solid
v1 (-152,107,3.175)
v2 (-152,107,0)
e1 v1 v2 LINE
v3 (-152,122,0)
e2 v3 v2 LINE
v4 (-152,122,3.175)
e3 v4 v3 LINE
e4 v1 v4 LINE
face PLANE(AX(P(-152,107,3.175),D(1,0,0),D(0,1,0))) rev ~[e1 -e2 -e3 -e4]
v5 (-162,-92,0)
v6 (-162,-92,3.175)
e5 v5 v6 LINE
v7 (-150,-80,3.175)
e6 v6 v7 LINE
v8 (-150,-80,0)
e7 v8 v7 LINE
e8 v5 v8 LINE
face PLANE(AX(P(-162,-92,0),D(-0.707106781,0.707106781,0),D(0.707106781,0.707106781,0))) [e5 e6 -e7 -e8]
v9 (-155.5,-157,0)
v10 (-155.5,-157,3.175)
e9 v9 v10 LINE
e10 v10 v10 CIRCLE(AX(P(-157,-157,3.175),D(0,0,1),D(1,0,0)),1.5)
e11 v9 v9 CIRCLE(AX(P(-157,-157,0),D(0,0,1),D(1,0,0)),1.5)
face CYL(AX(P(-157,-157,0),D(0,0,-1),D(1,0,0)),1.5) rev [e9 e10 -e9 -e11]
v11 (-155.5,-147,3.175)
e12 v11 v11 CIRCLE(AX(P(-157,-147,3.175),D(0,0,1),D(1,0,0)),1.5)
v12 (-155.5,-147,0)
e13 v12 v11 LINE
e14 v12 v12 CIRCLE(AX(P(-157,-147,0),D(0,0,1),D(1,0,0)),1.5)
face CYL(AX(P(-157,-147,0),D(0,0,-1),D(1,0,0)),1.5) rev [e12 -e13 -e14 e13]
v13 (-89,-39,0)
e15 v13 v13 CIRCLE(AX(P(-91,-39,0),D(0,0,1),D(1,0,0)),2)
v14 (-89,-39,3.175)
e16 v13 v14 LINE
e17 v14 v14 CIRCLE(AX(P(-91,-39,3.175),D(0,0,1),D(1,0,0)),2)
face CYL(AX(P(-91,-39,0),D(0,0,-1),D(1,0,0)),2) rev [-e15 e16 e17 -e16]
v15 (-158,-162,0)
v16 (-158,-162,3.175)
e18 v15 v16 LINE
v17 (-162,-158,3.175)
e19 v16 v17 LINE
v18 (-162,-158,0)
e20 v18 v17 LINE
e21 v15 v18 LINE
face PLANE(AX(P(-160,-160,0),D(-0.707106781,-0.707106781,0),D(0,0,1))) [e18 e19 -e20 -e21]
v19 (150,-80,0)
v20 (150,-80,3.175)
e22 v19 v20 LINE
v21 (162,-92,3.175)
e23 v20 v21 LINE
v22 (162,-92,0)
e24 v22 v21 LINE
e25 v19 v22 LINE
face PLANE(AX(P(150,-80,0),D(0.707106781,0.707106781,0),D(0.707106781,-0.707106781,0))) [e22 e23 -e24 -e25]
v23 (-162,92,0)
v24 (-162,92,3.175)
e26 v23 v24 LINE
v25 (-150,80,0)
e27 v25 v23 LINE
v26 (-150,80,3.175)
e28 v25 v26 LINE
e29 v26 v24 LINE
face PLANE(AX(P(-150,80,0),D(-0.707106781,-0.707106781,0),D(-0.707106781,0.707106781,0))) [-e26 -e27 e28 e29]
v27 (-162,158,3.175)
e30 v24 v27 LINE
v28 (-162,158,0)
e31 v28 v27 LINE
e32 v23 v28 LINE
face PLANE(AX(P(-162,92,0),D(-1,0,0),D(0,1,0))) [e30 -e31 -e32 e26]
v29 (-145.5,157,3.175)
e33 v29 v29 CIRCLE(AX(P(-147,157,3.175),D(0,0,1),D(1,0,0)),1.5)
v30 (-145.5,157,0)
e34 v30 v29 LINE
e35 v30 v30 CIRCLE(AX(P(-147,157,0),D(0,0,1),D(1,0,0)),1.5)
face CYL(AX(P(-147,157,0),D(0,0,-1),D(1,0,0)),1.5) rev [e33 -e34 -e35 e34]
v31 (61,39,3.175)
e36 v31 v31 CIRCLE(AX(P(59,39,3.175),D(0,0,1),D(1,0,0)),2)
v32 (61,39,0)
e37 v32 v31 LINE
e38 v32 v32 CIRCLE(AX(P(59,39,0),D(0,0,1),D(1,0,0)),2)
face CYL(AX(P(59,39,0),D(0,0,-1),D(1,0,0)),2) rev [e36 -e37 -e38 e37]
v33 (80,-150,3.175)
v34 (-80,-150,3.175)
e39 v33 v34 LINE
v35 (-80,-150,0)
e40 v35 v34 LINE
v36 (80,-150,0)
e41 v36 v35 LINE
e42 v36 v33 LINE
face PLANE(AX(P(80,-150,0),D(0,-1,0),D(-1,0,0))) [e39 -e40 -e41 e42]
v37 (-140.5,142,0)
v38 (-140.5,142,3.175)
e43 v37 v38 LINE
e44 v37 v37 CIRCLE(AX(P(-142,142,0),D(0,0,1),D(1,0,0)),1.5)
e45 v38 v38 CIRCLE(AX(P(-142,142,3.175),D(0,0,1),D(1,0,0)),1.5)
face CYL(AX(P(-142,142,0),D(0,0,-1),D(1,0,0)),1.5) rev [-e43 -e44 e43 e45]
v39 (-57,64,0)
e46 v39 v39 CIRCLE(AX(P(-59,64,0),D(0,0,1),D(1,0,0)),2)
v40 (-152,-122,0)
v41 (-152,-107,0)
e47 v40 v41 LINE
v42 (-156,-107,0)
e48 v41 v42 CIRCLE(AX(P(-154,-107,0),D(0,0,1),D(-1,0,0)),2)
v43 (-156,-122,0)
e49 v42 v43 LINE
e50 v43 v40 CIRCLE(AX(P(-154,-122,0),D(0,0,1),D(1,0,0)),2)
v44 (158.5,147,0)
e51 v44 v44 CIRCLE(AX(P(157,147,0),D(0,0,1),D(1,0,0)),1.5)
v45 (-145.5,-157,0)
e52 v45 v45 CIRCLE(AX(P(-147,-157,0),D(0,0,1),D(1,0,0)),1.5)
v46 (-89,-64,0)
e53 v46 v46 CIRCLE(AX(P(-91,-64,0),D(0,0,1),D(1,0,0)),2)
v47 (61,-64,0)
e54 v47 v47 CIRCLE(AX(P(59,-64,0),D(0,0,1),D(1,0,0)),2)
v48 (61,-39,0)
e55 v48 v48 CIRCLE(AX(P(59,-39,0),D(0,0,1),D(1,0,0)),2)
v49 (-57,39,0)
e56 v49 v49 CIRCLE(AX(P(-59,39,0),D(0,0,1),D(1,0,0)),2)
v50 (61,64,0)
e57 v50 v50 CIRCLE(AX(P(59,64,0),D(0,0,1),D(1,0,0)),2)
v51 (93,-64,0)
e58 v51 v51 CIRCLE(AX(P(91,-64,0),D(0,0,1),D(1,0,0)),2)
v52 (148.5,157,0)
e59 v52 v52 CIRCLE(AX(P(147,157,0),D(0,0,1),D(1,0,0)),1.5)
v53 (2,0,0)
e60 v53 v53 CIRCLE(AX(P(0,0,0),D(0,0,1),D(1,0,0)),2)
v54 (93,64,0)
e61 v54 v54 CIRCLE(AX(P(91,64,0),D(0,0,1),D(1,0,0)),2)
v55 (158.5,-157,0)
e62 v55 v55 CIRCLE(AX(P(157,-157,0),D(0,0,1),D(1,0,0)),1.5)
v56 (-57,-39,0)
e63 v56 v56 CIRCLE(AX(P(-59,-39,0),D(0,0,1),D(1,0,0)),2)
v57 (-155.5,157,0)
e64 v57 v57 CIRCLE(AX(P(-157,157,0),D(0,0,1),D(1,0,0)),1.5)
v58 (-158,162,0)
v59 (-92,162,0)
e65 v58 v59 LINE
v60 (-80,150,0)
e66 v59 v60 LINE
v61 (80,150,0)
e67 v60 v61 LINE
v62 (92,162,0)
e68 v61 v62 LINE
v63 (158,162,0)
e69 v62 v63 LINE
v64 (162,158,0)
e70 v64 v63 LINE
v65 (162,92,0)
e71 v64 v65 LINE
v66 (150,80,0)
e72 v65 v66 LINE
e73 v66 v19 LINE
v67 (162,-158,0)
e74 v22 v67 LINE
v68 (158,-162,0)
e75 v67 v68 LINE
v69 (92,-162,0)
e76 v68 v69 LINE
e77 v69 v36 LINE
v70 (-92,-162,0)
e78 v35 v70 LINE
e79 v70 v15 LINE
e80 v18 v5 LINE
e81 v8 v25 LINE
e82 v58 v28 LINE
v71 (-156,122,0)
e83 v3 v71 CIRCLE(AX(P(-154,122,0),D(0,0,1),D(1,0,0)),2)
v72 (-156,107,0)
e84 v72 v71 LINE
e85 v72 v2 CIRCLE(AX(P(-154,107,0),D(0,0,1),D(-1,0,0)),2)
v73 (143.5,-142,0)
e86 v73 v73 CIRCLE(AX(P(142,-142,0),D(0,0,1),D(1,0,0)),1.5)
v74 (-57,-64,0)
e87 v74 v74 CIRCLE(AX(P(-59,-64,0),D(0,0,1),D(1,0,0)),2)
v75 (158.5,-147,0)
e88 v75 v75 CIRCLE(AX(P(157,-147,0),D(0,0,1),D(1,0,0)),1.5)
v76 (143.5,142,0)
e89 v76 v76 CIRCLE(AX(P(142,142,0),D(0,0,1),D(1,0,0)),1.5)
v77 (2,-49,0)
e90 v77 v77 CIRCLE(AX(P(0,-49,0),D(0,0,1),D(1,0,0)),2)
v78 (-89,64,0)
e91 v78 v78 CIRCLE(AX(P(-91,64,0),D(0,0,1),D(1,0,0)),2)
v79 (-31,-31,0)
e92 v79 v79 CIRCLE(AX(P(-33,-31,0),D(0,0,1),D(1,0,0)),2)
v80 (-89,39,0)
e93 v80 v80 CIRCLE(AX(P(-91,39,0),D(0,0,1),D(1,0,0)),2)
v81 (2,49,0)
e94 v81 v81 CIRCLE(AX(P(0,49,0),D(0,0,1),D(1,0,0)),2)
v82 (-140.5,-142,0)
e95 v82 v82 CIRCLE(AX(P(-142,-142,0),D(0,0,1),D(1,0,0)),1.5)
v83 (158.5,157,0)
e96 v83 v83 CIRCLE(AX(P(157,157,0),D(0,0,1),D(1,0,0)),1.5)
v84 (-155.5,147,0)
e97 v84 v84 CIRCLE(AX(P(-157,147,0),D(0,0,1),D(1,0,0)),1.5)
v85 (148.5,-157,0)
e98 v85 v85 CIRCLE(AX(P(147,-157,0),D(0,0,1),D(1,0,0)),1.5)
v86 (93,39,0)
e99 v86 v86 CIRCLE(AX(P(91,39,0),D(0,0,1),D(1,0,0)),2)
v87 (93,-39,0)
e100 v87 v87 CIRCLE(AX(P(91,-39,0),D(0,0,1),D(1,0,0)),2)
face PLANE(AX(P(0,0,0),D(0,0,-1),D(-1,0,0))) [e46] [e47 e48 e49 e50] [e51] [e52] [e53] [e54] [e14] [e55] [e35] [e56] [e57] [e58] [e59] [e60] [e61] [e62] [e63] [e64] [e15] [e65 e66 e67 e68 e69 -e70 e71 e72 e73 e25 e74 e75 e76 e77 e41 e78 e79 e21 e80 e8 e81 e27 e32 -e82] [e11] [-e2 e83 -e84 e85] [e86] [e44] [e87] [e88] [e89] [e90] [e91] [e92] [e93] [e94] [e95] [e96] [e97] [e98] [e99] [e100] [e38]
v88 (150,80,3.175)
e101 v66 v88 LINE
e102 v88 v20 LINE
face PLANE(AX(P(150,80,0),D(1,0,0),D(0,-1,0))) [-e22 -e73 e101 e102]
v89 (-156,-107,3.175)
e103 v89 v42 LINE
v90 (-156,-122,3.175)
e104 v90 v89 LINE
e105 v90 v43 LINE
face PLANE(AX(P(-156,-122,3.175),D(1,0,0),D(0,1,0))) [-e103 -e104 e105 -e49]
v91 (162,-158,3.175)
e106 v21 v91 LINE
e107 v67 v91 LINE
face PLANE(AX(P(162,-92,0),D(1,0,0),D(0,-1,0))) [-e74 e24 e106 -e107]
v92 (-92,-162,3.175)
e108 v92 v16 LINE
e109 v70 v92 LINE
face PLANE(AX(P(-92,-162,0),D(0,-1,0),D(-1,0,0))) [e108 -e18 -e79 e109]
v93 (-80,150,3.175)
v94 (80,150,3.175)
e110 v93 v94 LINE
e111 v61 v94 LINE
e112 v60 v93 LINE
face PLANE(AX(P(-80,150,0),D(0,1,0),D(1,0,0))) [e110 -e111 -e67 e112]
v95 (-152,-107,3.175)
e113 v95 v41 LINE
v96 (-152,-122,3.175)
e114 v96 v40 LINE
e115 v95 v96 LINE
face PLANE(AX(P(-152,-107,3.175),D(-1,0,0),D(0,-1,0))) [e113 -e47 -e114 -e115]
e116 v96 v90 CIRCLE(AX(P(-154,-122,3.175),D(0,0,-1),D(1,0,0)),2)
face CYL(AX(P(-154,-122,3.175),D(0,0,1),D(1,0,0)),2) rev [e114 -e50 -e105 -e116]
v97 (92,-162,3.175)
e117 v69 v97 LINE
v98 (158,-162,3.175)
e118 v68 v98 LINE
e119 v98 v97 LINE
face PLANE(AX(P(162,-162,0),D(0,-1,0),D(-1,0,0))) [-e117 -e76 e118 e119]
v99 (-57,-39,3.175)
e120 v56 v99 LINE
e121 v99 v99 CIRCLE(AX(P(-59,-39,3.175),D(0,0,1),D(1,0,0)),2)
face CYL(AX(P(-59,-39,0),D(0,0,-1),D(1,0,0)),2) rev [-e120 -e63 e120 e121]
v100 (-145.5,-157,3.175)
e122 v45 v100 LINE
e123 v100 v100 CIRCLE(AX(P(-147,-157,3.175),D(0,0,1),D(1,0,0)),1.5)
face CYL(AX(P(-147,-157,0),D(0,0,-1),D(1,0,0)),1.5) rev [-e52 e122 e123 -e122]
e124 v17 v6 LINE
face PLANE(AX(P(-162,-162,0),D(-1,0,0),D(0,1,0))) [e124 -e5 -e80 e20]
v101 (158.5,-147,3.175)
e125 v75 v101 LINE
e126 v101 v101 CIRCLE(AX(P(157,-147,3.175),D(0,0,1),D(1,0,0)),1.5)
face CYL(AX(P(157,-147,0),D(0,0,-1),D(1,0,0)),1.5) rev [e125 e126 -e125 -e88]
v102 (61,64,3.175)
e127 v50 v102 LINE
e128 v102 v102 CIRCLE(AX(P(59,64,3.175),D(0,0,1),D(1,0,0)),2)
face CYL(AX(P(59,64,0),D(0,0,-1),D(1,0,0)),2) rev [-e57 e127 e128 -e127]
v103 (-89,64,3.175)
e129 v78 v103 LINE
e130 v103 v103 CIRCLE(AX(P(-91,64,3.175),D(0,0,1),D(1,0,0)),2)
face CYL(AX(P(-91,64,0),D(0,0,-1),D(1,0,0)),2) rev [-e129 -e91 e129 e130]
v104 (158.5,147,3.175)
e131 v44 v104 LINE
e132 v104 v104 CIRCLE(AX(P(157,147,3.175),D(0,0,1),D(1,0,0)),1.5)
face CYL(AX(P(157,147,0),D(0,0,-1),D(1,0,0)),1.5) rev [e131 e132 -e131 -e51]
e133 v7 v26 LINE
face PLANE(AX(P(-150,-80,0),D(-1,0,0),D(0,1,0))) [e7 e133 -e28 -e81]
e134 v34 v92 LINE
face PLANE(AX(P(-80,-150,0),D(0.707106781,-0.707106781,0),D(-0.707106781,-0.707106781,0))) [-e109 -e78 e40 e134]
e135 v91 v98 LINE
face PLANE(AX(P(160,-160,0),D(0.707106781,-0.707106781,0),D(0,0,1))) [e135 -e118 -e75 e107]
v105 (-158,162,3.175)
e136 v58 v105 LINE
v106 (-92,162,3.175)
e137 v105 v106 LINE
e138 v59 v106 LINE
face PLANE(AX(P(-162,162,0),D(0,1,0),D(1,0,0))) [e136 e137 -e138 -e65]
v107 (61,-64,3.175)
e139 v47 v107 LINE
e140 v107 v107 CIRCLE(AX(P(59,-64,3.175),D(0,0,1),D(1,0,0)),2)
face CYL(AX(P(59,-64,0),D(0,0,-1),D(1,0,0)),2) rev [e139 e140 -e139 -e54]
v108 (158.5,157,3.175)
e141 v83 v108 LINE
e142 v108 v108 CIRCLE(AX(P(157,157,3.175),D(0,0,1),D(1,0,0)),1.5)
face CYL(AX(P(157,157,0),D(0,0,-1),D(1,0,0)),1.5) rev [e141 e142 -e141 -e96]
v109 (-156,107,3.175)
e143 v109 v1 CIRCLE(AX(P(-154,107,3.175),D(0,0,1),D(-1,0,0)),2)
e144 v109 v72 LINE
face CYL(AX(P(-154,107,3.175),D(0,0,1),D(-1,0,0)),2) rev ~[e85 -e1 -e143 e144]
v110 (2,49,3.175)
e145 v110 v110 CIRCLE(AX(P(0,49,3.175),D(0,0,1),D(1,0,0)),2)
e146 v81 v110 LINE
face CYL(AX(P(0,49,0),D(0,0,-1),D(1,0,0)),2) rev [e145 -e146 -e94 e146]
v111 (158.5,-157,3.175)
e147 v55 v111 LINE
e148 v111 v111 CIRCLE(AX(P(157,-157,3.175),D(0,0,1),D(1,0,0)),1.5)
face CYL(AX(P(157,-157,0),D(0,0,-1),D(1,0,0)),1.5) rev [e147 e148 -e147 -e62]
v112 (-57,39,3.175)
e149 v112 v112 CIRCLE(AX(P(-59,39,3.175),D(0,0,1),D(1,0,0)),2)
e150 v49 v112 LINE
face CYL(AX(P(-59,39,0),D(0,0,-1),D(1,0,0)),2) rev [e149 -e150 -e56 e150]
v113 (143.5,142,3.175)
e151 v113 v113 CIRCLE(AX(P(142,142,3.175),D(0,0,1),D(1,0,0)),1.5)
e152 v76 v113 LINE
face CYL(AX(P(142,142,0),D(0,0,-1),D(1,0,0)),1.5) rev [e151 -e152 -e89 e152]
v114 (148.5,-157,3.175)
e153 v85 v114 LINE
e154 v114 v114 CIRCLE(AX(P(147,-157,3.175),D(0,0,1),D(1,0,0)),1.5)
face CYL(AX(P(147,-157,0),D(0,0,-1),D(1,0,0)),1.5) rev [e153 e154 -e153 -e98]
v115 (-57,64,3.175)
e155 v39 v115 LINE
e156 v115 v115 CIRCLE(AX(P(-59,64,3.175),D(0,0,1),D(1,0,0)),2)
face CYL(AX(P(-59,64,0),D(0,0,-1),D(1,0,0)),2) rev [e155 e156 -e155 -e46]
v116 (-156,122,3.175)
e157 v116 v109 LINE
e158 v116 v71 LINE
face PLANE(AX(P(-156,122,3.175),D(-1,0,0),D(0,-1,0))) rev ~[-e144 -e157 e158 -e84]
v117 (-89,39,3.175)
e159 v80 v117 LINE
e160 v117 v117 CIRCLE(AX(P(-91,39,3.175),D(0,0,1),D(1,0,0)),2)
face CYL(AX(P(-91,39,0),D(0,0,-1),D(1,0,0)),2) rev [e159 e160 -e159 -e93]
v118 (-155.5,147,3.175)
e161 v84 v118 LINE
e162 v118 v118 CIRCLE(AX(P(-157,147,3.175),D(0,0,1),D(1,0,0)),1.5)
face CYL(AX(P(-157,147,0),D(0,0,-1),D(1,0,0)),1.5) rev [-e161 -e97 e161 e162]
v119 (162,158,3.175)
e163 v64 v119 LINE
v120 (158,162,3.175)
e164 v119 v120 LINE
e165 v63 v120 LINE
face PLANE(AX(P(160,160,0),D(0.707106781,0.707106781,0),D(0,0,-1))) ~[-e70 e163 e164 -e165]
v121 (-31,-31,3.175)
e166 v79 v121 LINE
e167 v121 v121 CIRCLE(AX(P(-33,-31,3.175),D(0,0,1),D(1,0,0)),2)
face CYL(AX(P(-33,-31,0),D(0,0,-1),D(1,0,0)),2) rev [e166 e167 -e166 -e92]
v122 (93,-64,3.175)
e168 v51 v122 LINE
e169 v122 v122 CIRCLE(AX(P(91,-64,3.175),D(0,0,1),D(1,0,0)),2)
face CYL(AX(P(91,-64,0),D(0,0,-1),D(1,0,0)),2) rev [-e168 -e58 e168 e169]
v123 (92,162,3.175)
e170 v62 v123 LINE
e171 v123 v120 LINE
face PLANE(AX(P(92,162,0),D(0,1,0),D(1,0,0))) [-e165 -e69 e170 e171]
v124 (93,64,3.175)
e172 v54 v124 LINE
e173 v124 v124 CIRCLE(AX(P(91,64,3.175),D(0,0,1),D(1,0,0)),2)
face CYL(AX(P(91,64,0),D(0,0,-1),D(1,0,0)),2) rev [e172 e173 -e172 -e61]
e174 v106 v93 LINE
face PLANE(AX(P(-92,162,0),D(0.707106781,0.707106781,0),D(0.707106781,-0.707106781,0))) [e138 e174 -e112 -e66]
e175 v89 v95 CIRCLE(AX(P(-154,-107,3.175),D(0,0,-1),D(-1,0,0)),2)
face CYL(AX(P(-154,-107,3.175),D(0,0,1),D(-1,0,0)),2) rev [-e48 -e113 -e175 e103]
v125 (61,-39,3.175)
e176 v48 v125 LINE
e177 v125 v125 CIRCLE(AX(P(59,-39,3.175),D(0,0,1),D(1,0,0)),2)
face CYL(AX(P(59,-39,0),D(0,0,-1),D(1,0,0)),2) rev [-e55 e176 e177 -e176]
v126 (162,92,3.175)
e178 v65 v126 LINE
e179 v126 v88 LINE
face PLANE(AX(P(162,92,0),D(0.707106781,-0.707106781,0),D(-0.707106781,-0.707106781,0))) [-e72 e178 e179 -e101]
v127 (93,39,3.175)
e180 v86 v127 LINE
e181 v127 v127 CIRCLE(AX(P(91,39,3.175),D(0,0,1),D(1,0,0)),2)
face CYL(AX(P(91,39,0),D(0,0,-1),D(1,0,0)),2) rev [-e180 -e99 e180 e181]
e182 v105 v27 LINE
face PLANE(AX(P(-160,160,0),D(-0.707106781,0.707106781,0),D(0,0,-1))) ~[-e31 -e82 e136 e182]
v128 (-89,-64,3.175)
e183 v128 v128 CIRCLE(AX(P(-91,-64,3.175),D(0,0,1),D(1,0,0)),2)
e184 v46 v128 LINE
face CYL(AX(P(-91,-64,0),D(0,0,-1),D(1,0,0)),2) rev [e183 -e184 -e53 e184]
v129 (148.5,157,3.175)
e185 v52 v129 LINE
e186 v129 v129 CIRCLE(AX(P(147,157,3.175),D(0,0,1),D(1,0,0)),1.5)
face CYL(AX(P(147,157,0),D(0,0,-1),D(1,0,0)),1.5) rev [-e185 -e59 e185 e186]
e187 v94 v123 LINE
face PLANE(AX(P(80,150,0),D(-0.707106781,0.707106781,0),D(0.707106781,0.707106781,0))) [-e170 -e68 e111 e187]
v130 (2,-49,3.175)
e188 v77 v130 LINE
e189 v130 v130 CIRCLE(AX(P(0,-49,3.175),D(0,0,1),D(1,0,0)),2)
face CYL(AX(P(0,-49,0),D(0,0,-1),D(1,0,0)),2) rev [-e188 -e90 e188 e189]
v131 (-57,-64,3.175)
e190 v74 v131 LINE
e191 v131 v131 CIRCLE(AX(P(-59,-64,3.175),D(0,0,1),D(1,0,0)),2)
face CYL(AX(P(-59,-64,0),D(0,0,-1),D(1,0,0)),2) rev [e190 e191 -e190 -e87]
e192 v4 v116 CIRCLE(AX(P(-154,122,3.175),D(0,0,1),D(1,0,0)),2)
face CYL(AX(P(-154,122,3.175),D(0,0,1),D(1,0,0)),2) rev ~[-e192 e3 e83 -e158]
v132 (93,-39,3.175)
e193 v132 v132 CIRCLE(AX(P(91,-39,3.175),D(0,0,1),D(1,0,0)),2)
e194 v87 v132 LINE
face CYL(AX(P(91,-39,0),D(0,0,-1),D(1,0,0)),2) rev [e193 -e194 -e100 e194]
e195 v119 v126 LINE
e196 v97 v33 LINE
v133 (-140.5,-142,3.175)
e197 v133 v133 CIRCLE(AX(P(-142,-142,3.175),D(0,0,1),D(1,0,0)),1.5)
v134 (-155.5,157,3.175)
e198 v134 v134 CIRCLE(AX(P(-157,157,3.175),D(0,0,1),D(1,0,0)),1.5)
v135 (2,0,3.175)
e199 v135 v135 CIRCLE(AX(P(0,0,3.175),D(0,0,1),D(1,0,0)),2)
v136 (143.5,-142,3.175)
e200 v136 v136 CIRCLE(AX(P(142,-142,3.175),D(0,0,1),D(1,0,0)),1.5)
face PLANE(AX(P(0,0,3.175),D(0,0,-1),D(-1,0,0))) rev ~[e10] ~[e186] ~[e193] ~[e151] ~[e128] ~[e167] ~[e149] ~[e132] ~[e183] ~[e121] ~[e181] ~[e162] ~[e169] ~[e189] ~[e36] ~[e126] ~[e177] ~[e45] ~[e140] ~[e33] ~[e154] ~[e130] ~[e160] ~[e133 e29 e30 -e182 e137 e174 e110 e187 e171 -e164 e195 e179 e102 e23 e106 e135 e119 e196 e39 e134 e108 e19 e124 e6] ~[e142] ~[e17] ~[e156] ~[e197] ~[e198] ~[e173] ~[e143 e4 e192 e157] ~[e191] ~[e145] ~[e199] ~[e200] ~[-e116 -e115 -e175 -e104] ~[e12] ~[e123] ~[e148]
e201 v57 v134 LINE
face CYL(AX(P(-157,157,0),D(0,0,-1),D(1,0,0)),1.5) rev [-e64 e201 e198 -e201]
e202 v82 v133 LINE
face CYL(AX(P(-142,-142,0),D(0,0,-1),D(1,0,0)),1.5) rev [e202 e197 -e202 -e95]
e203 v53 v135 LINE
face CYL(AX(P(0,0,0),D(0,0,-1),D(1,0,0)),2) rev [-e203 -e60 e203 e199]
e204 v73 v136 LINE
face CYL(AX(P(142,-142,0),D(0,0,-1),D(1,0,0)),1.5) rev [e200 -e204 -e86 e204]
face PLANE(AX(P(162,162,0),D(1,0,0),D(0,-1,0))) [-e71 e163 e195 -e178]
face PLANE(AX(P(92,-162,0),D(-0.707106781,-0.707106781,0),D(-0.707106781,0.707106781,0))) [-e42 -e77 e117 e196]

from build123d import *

# Parameters (mm, degrees)
SKETCH1_R           = 1.5
SKETCH1_R_2         = 2
BOSS_EXTRUDE1_DEPTH = 3.175
CUT_EXTRUDE1_DEPTH  = 4.175
CHAMFER1_SIZE       = 4


with BuildPart() as part:
    # Sketch1 → Boss-Extrude1 (new body)
    with BuildSketch(Plane.XY):
        Polygon((162, 162), (162, 92), (150, 80), (150, -80), (162, -92), (162, -162), (92, -162), (80, -150), (-80, -150), (-92, -162), (-162, -162), (-162, -92), (-150, -80), (-150, 80), (-162, 92), (-162, 162), (-92, 162), (-80, 150), (80, 150), (92, 162), align=None)
        with Locations((-157, 157)):
            Circle(SKETCH1_R, mode=Mode.SUBTRACT)
        with Locations((157, 157)):
            Circle(SKETCH1_R, mode=Mode.SUBTRACT)
        with Locations((157, -157)):
            Circle(SKETCH1_R, mode=Mode.SUBTRACT)
        with Locations((-157, -157)):
            Circle(SKETCH1_R, mode=Mode.SUBTRACT)
        with Locations((-91, 64)):
            Circle(SKETCH1_R_2, mode=Mode.SUBTRACT)
        with Locations((-91, 39)):
            Circle(SKETCH1_R_2, mode=Mode.SUBTRACT)
        with Locations((-59, 39)):
            Circle(SKETCH1_R_2, mode=Mode.SUBTRACT)
        with Locations((-59, 64)):
            Circle(SKETCH1_R_2, mode=Mode.SUBTRACT)
        with Locations((59, 39)):
            Circle(SKETCH1_R_2, mode=Mode.SUBTRACT)
        with Locations((59, 64)):
            Circle(SKETCH1_R_2, mode=Mode.SUBTRACT)
        with Locations((91, 39)):
            Circle(SKETCH1_R_2, mode=Mode.SUBTRACT)
        with Locations((91, 64)):
            Circle(SKETCH1_R_2, mode=Mode.SUBTRACT)
        with Locations((59, -64)):
            Circle(SKETCH1_R_2, mode=Mode.SUBTRACT)
        with Locations((59, -39)):
            Circle(SKETCH1_R_2, mode=Mode.SUBTRACT)
        with Locations((91, -39)):
            Circle(SKETCH1_R_2, mode=Mode.SUBTRACT)
        with Locations((91, -64)):
            Circle(SKETCH1_R_2, mode=Mode.SUBTRACT)
        with Locations((-91, -64)):
            Circle(SKETCH1_R_2, mode=Mode.SUBTRACT)
        with Locations((-59, -64)):
            Circle(SKETCH1_R_2, mode=Mode.SUBTRACT)
        with Locations((-59, -39)):
            Circle(SKETCH1_R_2, mode=Mode.SUBTRACT)
        with Locations((-91, -39)):
            Circle(SKETCH1_R_2, mode=Mode.SUBTRACT)
        with Locations((-33, -31)):
            Circle(SKETCH1_R_2, mode=Mode.SUBTRACT)
        Circle(SKETCH1_R_2, mode=Mode.SUBTRACT)
        with Locations((0, 49)):
            Circle(SKETCH1_R_2, mode=Mode.SUBTRACT)
        with Locations((0, -49)):
            Circle(SKETCH1_R_2, mode=Mode.SUBTRACT)
        with Locations((-147, 157)):
            Circle(SKETCH1_R, mode=Mode.SUBTRACT)
        with Locations((-157, 147)):
            Circle(SKETCH1_R, mode=Mode.SUBTRACT)
        with Locations((147, 157)):
            Circle(SKETCH1_R, mode=Mode.SUBTRACT)
        with Locations((157, 147)):
            Circle(SKETCH1_R, mode=Mode.SUBTRACT)
        with Locations((157, -147)):
            Circle(SKETCH1_R, mode=Mode.SUBTRACT)
        with Locations((147, -157)):
            Circle(SKETCH1_R, mode=Mode.SUBTRACT)
        with Locations((-147, -157)):
            Circle(SKETCH1_R, mode=Mode.SUBTRACT)
        with Locations((-157, -147)):
            Circle(SKETCH1_R, mode=Mode.SUBTRACT)
        with Locations((-142, 142)):
            Circle(SKETCH1_R, mode=Mode.SUBTRACT)
        with Locations((142, 142)):
            Circle(SKETCH1_R, mode=Mode.SUBTRACT)
        with Locations((142, -142)):
            Circle(SKETCH1_R, mode=Mode.SUBTRACT)
        with Locations((-142, -142)):
            Circle(SKETCH1_R, mode=Mode.SUBTRACT)
    extrude(amount=BOSS_EXTRUDE1_DEPTH)

    # Sketch2 → Cut-Extrude1 (cut, through all)
    with BuildSketch(Plane.XY.offset(3.175)):
        with BuildLine():
            Line((-156, 122), (-156, 107))
            ThreePointArc((-156, 107), (-154, 105), (-152, 107))
            Line((-152, 107), (-152, 122))
            ThreePointArc((-152, 122), (-154, 124), (-156, 122))
        make_face()
        with BuildLine():
            Line((-152, -107), (-152, -122))
            ThreePointArc((-152, -122), (-154, -124), (-156, -122))
            Line((-156, -122), (-156, -107))
            ThreePointArc((-156, -107), (-154, -105), (-152, -107))
        make_face()
    extrude(amount=-CUT_EXTRUDE1_DEPTH, mode=Mode.SUBTRACT)

    # Chamfer1
    chamfer1_edges = [part.edges().sort_by_distance(p)[0] for p in [
        (162, -162, 1.5875),
        (-162, -162, 1.5875),
        (-162, 162, 1.5875),
        (162, 162, 1.5875),
    ]]
    chamfer(chamfer1_edges, length=CHAMFER1_SIZE)


solid = part.part
